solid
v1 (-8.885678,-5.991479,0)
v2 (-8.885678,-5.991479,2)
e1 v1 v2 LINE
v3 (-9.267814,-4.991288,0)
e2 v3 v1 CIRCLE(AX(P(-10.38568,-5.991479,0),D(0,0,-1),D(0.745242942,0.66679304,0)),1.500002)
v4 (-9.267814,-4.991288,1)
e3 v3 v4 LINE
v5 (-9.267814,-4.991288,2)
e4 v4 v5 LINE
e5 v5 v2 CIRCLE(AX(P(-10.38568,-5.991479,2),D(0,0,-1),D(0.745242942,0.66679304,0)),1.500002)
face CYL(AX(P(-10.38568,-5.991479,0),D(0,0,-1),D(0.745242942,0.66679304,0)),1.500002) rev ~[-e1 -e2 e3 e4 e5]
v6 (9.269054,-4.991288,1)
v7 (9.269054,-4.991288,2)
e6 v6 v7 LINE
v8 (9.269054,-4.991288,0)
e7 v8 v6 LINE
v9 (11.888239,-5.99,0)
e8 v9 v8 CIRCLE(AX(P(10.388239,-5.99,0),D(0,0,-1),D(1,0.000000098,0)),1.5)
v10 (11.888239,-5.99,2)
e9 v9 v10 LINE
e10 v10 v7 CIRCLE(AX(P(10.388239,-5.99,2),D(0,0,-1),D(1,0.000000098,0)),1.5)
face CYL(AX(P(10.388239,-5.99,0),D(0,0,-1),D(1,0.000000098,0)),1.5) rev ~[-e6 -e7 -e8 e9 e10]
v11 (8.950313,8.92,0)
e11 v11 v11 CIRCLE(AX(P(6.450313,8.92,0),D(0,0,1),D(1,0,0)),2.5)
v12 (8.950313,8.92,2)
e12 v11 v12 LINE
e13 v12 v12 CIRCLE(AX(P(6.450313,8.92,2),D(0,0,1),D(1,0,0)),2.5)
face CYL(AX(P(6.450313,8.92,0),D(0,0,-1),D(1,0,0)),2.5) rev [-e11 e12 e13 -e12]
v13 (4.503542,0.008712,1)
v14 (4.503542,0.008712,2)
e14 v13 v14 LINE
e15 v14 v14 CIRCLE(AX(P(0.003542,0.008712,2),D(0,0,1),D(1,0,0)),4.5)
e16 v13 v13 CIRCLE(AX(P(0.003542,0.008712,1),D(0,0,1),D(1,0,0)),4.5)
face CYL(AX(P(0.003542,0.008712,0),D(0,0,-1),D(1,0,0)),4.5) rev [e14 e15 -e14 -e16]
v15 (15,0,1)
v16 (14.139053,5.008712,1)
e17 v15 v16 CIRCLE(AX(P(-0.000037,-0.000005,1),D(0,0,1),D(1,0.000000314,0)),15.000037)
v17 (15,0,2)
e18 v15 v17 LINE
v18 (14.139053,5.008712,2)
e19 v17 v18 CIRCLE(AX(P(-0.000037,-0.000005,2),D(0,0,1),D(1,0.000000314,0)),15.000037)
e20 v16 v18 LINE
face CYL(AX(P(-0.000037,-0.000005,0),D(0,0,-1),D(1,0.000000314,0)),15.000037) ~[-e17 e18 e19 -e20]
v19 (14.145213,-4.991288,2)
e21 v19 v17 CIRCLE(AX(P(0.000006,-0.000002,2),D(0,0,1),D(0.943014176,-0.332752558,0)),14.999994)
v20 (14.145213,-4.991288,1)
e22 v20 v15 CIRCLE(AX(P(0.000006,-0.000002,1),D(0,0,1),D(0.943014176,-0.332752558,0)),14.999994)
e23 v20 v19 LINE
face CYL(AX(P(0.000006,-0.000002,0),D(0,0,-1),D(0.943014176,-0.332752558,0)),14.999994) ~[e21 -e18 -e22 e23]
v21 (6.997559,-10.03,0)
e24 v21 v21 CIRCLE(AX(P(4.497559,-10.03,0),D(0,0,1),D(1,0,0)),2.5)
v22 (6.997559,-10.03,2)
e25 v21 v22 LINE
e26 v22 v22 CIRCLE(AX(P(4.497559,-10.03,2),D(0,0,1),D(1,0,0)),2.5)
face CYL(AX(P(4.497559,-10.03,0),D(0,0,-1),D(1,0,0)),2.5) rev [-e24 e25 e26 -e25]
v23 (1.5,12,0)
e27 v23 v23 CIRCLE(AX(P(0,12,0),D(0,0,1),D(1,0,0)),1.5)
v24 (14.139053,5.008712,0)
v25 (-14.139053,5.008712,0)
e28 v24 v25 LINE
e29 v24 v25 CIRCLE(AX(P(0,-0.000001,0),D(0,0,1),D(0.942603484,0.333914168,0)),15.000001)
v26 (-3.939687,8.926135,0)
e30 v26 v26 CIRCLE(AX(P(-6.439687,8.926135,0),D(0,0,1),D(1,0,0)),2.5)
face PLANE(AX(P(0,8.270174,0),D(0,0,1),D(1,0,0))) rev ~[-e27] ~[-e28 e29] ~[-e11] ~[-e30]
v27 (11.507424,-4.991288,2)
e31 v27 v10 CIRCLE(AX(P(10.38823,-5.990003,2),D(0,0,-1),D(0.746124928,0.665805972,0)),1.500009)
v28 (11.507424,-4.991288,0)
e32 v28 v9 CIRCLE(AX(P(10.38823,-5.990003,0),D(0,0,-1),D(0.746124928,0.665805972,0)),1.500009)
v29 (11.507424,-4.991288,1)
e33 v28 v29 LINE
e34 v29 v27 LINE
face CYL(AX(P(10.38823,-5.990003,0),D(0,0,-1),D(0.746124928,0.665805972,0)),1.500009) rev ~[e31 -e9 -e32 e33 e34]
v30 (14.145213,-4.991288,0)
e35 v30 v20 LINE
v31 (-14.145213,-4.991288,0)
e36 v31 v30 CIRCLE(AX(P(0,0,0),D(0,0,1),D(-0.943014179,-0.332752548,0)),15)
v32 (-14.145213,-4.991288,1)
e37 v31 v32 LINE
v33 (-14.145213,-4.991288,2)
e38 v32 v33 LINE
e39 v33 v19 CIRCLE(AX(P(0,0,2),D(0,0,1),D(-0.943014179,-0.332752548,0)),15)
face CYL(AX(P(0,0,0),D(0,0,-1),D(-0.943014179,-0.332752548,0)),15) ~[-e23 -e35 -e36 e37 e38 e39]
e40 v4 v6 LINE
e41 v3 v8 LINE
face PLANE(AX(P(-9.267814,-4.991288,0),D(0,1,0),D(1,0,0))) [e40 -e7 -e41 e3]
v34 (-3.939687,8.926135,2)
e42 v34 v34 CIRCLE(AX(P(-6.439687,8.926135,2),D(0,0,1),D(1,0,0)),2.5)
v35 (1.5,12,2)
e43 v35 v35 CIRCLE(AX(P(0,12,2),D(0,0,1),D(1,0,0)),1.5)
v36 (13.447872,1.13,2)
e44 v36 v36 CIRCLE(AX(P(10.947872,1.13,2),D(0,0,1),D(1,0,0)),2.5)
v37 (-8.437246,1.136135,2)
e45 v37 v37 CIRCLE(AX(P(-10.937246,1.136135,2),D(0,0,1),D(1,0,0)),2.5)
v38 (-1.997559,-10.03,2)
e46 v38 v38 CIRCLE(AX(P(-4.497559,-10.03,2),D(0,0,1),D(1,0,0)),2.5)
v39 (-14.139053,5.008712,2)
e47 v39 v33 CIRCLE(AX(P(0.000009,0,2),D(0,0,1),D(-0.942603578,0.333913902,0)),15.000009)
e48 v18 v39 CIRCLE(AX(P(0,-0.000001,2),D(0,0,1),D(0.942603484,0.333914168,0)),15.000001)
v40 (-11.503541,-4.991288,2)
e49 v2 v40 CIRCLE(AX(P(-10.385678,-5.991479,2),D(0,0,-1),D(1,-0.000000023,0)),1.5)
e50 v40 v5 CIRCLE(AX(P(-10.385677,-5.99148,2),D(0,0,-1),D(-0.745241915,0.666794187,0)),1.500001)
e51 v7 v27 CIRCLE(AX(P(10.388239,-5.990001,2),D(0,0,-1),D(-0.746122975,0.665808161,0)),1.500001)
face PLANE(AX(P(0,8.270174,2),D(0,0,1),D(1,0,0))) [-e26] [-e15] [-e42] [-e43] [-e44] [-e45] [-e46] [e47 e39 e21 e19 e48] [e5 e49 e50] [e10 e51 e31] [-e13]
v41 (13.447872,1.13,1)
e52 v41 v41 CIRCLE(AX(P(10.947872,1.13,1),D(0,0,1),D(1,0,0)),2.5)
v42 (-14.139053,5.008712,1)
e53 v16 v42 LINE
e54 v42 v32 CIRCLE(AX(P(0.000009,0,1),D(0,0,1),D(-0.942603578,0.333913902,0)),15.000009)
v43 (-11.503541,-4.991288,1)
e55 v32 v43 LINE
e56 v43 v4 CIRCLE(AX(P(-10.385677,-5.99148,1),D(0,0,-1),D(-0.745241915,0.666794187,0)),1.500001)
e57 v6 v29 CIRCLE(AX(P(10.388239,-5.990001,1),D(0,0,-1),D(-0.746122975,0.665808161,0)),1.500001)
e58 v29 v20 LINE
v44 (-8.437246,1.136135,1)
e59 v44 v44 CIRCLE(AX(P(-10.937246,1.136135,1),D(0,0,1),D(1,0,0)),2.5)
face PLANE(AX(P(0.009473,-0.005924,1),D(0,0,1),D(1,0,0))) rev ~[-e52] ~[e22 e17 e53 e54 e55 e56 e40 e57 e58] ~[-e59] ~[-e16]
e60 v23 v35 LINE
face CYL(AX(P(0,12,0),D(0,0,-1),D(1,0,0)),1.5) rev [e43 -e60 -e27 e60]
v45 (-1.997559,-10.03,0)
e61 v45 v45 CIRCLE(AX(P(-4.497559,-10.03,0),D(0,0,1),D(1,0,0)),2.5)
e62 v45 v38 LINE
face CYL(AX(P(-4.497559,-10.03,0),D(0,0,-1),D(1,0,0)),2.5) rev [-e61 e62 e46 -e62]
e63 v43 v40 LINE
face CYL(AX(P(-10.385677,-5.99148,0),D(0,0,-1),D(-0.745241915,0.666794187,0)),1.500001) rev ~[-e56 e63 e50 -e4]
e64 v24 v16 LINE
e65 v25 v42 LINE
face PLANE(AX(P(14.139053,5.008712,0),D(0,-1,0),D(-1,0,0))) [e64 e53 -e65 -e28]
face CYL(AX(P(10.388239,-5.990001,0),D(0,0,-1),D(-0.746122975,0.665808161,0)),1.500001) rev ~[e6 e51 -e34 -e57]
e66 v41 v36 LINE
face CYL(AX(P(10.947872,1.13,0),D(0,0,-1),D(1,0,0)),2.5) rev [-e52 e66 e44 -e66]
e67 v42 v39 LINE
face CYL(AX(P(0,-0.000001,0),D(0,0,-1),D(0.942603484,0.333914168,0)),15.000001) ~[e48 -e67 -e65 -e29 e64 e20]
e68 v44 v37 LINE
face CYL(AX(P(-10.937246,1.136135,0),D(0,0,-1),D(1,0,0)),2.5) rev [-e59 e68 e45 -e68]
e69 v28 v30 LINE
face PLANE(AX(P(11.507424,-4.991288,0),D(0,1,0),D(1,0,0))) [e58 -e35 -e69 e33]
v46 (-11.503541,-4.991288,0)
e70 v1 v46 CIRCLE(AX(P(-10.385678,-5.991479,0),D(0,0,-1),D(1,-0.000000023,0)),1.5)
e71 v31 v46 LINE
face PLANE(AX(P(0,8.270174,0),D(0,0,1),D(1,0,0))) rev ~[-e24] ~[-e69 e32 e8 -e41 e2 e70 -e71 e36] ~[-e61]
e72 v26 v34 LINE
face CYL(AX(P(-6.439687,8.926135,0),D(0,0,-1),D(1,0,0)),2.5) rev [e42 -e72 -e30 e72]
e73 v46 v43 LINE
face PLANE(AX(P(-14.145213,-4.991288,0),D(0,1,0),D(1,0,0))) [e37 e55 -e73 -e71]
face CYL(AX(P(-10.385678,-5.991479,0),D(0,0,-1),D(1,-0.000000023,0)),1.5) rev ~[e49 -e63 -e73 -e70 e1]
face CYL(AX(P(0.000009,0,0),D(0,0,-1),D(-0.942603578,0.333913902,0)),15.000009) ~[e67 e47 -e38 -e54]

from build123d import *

# Parameters (mm, degrees)
F0_R     = 2.5
F0_R_2   = 1.5
F0_R_3   = 4.5
F1_DEPTH = 2
F2_DEPTH = 1


with BuildPart() as f1:
    # F0 (on Top) → F1 (new body)
    with BuildSketch(Plane.XY):
        with BuildLine():
            Line((-14.139053, 5.008712), (14.139053, 5.008712))
            ThreePointArc((14.139053, 5.008712), (0, 15), (-14.139053, 5.008712))
        make_face()
        with Locations((-6.439687, 8.926135)):
            Circle(F0_R, mode=Mode.SUBTRACT)
        with Locations((6.450313, 8.92)):
            Circle(F0_R, mode=Mode.SUBTRACT)
        with Locations((0, 12)):
            Circle(F0_R_2, mode=Mode.SUBTRACT)
        with BuildLine():
            ThreePointArc((-14.145213, -4.991288), (0, -15), (14.145213, -4.991288))
            Line((14.145213, -4.991288), (11.507424, -4.991288))
            ThreePointArc((11.507424, -4.991288), (11.789805, -5.455574), (11.888239, -5.99))
            ThreePointArc((11.888239, -5.99), (9.853813, -7.391567), (9.269054, -4.991288))
            Line((9.269054, -4.991288), (-9.267814, -4.991288))
            ThreePointArc((-9.267814, -4.991288), (-8.984465, -5.456126), (-8.885678, -5.991479))
            ThreePointArc((-8.885678, -5.991479), (-10.92103, -7.392692), (-11.503541, -4.991288))
            Line((-11.503541, -4.991288), (-14.145213, -4.991288))
        make_face()
        with Locations((-4.497559, -10.03)):
            Circle(F0_R, mode=Mode.SUBTRACT)
        with Locations((4.497559, -10.03)):
            Circle(F0_R, mode=Mode.SUBTRACT)
        with BuildLine():
            ThreePointArc((14.145213, -4.991288), (14.784759, -2.531977), (15, 0))
            ThreePointArc((15, 0), (14.783196, 2.541084), (14.139053, 5.008712))
            Line((14.139053, 5.008712), (-14.139053, 5.008712))
            ThreePointArc((-14.139053, 5.008712), (-14.999997, 0.00924), (-14.145213, -4.991288))
            Line((-14.145213, -4.991288), (-11.503541, -4.991288))
            ThreePointArc((-11.503541, -4.991288), (-10.385678, -4.491479), (-9.267814, -4.991288))
            Line((-9.267814, -4.991288), (9.269054, -4.991288))
            ThreePointArc((9.269054, -4.991288), (10.388239, -4.49), (11.507424, -4.991288))
            Line((11.507424, -4.991288), (14.145213, -4.991288))
        make_face()
        with Locations((-10.937246, 1.136135)):
            Circle(F0_R, mode=Mode.SUBTRACT)
        with Locations((0.003542, 0.008712)):
            Circle(F0_R_3, mode=Mode.SUBTRACT)
        with Locations((10.947872, 1.13)):
            Circle(F0_R, mode=Mode.SUBTRACT)
    extrude(amount=F1_DEPTH)

    # F0 (on Top) → F2 (cut)
    with BuildSketch(Plane.XY):
        with BuildLine():
            ThreePointArc((14.145213, -4.991288), (14.784759, -2.531977), (15, 0))
            ThreePointArc((15, 0), (14.783196, 2.541084), (14.139053, 5.008712))
            Line((14.139053, 5.008712), (-14.139053, 5.008712))
            ThreePointArc((-14.139053, 5.008712), (-14.999997, 0.00924), (-14.145213, -4.991288))
            Line((-14.145213, -4.991288), (-11.503541, -4.991288))
            ThreePointArc((-11.503541, -4.991288), (-10.385678, -4.491479), (-9.267814, -4.991288))
            Line((-9.267814, -4.991288), (9.269054, -4.991288))
            ThreePointArc((9.269054, -4.991288), (10.388239, -4.49), (11.507424, -4.991288))
            Line((11.507424, -4.991288), (14.145213, -4.991288))
        make_face()
        with Locations((-10.937246, 1.136135)):
            Circle(F0_R, mode=Mode.SUBTRACT)
        with Locations((0.003542, 0.008712)):
            Circle(F0_R_3, mode=Mode.SUBTRACT)
        with Locations((10.947872, 1.13)):
            Circle(F0_R, mode=Mode.SUBTRACT)
    extrude(amount=F2_DEPTH, mode=Mode.SUBTRACT)


solid = f1.part
